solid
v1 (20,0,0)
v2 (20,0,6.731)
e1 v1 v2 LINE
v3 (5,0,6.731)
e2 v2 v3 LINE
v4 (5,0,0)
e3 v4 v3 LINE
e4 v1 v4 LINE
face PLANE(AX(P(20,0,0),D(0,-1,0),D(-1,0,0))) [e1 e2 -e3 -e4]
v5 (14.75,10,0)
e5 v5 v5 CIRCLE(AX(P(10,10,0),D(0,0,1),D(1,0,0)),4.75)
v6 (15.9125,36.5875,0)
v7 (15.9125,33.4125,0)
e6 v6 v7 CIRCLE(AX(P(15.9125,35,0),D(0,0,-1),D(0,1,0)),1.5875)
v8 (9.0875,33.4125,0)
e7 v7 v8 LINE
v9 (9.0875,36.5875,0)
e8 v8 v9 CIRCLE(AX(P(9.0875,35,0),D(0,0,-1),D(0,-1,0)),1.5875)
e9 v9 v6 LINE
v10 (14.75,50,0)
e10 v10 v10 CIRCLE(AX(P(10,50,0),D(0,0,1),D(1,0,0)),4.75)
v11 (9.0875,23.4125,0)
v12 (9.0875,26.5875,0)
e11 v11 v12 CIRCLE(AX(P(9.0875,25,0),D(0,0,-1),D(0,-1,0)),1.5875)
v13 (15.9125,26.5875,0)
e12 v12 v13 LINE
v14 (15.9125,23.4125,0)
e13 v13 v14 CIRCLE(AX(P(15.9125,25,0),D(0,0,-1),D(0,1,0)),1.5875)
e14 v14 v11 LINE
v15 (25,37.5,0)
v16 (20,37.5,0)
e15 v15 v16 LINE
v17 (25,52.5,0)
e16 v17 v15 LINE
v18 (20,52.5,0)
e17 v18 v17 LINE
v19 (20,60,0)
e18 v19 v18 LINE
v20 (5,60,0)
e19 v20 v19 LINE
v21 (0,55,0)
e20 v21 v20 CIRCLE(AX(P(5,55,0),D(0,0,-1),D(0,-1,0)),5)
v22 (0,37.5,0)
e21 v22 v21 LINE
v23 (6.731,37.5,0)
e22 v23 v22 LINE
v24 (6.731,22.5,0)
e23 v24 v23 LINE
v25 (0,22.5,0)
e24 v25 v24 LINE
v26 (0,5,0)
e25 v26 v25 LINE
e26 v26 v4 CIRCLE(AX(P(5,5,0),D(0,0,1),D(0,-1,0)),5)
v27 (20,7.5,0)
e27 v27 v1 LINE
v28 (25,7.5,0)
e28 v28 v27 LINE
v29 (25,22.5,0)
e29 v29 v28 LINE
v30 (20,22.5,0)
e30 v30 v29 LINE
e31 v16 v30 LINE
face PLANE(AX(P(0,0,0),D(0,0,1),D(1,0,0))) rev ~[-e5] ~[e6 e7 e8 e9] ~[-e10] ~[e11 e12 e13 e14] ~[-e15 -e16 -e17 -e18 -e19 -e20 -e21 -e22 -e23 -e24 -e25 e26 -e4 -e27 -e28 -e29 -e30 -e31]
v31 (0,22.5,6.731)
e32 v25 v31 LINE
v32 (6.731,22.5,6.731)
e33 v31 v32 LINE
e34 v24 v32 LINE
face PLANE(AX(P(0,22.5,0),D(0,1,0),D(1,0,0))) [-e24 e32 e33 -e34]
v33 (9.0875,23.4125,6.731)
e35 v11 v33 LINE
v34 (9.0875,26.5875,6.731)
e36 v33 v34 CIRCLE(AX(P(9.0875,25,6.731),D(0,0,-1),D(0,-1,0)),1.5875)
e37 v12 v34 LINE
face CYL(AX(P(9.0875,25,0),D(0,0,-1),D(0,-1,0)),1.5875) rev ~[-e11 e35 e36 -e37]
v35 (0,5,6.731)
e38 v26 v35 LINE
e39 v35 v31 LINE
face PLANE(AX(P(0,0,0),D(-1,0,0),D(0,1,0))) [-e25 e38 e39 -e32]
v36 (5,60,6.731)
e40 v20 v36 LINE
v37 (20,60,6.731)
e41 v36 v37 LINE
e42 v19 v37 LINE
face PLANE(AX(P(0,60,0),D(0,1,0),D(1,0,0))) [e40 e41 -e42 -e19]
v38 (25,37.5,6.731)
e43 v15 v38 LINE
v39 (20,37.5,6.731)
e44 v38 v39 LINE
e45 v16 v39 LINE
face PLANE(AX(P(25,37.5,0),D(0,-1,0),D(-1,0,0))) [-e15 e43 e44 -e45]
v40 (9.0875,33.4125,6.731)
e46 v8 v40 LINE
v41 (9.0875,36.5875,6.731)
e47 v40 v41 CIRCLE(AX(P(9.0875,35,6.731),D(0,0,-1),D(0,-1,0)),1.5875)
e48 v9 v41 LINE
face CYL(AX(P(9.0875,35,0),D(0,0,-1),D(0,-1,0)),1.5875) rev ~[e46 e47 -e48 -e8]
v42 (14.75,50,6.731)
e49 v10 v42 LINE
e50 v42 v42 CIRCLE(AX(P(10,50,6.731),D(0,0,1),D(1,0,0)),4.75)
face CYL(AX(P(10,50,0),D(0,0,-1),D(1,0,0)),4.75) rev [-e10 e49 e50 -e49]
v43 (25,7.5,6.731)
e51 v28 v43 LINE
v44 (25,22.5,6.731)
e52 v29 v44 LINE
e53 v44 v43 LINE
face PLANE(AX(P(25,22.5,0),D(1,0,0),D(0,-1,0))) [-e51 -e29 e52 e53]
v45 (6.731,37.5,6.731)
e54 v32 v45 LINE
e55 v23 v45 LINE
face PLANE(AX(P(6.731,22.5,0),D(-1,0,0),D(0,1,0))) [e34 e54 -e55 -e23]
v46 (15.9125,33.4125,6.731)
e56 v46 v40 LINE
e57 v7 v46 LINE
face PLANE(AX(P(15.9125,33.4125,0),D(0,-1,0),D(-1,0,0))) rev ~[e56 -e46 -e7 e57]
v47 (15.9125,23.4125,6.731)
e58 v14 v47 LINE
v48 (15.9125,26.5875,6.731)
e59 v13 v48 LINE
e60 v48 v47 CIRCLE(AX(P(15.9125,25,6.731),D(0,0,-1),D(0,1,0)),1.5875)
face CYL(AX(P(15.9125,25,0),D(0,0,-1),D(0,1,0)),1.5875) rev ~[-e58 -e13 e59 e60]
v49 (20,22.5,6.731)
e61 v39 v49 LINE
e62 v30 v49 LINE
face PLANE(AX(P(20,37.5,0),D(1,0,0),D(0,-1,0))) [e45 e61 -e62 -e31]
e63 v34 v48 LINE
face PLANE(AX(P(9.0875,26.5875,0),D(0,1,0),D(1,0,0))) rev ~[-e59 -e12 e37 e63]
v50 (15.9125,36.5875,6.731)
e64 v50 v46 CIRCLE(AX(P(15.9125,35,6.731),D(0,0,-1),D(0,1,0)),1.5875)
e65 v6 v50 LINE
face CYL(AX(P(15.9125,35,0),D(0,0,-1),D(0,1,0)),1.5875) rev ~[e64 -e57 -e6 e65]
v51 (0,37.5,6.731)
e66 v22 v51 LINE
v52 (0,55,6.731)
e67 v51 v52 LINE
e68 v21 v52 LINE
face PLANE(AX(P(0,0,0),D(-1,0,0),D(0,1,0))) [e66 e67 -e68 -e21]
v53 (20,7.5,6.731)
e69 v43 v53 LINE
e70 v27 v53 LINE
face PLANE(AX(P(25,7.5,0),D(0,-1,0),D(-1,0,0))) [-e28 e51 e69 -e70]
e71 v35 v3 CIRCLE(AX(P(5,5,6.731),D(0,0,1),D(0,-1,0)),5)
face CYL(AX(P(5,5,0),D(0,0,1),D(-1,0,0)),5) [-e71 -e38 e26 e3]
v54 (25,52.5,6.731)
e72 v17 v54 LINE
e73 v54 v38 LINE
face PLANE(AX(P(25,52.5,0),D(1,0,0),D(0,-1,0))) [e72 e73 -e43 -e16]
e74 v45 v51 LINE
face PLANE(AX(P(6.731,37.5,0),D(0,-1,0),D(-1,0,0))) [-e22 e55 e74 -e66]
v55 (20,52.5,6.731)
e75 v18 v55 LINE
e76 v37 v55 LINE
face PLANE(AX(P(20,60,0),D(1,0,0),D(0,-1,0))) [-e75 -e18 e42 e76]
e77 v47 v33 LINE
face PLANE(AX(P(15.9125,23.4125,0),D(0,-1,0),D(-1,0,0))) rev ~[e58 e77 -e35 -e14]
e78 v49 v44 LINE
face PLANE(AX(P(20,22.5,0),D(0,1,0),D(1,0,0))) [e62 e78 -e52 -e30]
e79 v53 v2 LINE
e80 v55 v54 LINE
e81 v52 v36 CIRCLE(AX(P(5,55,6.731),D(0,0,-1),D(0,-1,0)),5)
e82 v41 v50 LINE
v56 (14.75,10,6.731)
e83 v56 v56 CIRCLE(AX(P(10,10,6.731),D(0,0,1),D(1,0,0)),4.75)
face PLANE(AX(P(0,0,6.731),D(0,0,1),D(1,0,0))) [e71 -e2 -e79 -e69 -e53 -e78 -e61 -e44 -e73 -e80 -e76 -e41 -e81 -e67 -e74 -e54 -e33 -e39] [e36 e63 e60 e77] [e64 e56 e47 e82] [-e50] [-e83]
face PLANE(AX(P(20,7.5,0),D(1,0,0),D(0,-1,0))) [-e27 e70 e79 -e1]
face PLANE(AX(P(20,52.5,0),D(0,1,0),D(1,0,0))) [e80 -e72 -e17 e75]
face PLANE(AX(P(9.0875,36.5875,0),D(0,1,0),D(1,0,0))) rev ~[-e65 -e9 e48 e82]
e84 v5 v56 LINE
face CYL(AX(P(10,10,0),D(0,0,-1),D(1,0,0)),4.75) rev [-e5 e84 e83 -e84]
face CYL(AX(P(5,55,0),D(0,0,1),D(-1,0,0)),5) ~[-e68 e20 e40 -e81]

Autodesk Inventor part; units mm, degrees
ref_plane "YZ Plane" through (0, 0, 0) normal (1, 0, 0) x (0, 1, 0)
ref_plane "XZ Plane" through (0, 0, 0) normal (0, 1, 0) x (-1, 0, 0)
ref_plane "XY Plane" through (0, 0, 0) normal (0, 0, 1) x (1, 0, 0)
sketch "Sketch1" plane through (0, 0, 0) normal (0, 0, 1) x (1, 0, 0)
  line L0 (0, 0) -> (0, 60)
  line L1 (0, 60) -> (20, 60)
  line L2 (20, 60) -> (20, 52.5)
  line L3 (20, 52.5) -> (25, 52.5)
  line L4 (25, 52.5) -> (25, 37.5)
  line L5 (25, 37.5) -> (20, 37.5)
  line L6 (20, 37.5) -> (20, 22.5)
  line L7 (20, 22.5) -> (25, 22.5)
  line L8 (25, 22.5) -> (25, 7.5)
  line L9 (25, 7.5) -> (20, 7.5)
  line L10 (20, 7.5) -> (20, 0)
  line L11 (20, 0) -> (0, 0)
  circle A0 centre (10, 10) radius 4.75
  circle A1 centre (10, 50) radius 4.75
  circle A2 centre (5, 41.25) radius 1.59
  circle A3 centre (12.5, 30) radius 1.59
  line L12 (7.5, 36.5875) -> (17.5, 36.5875)
  line L13 (17.5, 36.5875) -> (17.5, 33.4125)
  line L14 (17.5, 33.4125) -> (7.5, 33.4125)
  line L15 (7.5, 33.4125) -> (7.5, 36.5875)
  line L16 (7.5, 26.5875) -> (17.5, 26.5875)
  line L17 (17.5, 26.5875) -> (17.5, 23.4125)
  line L18 (17.5, 23.4125) -> (7.5, 23.4125)
  line L19 (7.5, 23.4125) -> (7.5, 26.5875)
  line L20 (9.0875, 35) -> (15.9125, 35) construction
  line L21 (9.0875, 33.4125) -> (15.9125, 33.4125)
  line L22 (15.9125, 36.5875) -> (9.0875, 36.5875)
  arc A4 (9.0875, 36.5875) -> (9.0875, 33.4125) centre (9.0875, 35) ccw
  arc A5 (15.9125, 33.4125) -> (15.9125, 36.5875) centre (15.9125, 35) ccw
  line L23 (9.0875, 25) -> (15.9125, 25) construction
  line L24 (9.0875, 23.4125) -> (15.9125, 23.4125)
  line L25 (15.9125, 26.5875) -> (9.0875, 26.5875)
  arc A6 (9.0875, 26.5875) -> (9.0875, 23.4125) centre (9.0875, 25) ccw
  arc A7 (15.9125, 23.4125) -> (15.9125, 26.5875) centre (15.9125, 25) ccw
  point P0 (12.5, 35)
  point P1 (12.5, 25)
  point P2 (20, 30)
  dimension "d0" = 15
  dimension "d1" = 60
  dimension "d2" = 20
  dimension "d3" = 5
  dimension "d6" = 9.5
  dimension "d7" = 40
  dimension "d8" = 10
  dimension "d9" = 10
  dimension "d11" = 10
  dimension "d12" = 10
  dimension "d25" = 3.18
  dimension "d26" = 15
  dimension "d29" = 2.5
  dimension "d30" = 3.175
  dimension "d33" = 10
  dimension "d34" = 10
  dimension "d35" = 5
  dimension "d36" = 7.5
  dimension "d37" = 11.25
extrude "Extrusion1" add sketch "Sketch1" along normal blind 6.731 contours L0 L1 L2 L3 L4 L5 L6 L7 L8 L9 L10 L11 | A2 | A3 | L12 A4 L15 | L12 A5 L14 A4 | A4 L14 L15 | L12 L13 A5 | L13 L14 A5 | L16 A6 L19 | L16 A7 L18 A6 | A6 L18 L19 | L16 L17 A7 | L17 L18 A7
sketch "Sketch2" plane through (0, 0, 0) normal (0, 0, -1) x (-1, 0, 0)
  line L0 (0, 0) -> (-20, 0) projected
  line L1 (0, 60) -> (0, 0) projected
  line L2 (-20, 22.5) -> (-20, 37.5) projected
  line L3 (0, 22.5) -> (-6.731, 22.5)
  line L4 (-6.731, 22.5) -> (-6.731, 37.5)
  line L5 (-6.731, 37.5) -> (0, 37.5)
  line L6 (0, 37.5) -> (0, 22.5)
  line L7 (-9.0875, 25) -> (-15.9125, 25) construction
  line L8 (-9.0875, 26.5875) -> (-15.9125, 26.5875)
  line L9 (-15.9125, 23.4125) -> (-9.0875, 23.4125)
  arc A0 (-9.0875, 23.4125) -> (-9.0875, 26.5875) centre (-9.0875, 25) ccw
  arc A1 (-15.9125, 26.5875) -> (-15.9125, 23.4125) centre (-15.9125, 25) ccw
  line L10 (-9.0875, 35) -> (-15.9125, 35) construction
  line L11 (-9.0875, 36.5875) -> (-15.9125, 36.5875)
  line L12 (-15.9125, 33.4125) -> (-9.0875, 33.4125)
  arc A2 (-9.0875, 33.4125) -> (-9.0875, 36.5875) centre (-9.0875, 35) ccw
  arc A3 (-15.9125, 36.5875) -> (-15.9125, 33.4125) centre (-15.9125, 35) ccw
  point P0 (0, 30)
  point P1 (0, 30)
  point P2 (-12.5, 25)
  point P3 (-12.5, 35)
  dimension "d38" = 6.731
  dimension "d39" = 15
  dimension "d40" = 10
  dimension "d41" = 3.175
  dimension "d42" = 6.825
  dimension "d43" = 2.5
  dimension "d44" = 5
extrude "Extrusion2" cut sketch "Sketch2" against normal up to next
fillet "Fillet1" radius 5 2 edges at (0, 60, 3.3655) (0, 0, 3.3655)
equation "\"d6\" = MAGDIA"
equation "\"d8\" = d9"
equation "\"d11\" = d12"
equation "\"d35\" = 0.5 * d34"
equation "\"d4\" = THICKB"
equation "\"d38\" = THICKB"
equation "\"d44\" = 0.5 * d40"
equation "\"THICKA\" = 3.175"
equation "\"THICKB\" = 6.731"
equation "\"THICKC\" = 12.7"
equation "\"MAGDIA\" = 9.5"
equation "\"BALLDIA\" = 12"
equation "\"THICKPLY\" = 5"
properties part number "Carriage_Joint_Frame"
